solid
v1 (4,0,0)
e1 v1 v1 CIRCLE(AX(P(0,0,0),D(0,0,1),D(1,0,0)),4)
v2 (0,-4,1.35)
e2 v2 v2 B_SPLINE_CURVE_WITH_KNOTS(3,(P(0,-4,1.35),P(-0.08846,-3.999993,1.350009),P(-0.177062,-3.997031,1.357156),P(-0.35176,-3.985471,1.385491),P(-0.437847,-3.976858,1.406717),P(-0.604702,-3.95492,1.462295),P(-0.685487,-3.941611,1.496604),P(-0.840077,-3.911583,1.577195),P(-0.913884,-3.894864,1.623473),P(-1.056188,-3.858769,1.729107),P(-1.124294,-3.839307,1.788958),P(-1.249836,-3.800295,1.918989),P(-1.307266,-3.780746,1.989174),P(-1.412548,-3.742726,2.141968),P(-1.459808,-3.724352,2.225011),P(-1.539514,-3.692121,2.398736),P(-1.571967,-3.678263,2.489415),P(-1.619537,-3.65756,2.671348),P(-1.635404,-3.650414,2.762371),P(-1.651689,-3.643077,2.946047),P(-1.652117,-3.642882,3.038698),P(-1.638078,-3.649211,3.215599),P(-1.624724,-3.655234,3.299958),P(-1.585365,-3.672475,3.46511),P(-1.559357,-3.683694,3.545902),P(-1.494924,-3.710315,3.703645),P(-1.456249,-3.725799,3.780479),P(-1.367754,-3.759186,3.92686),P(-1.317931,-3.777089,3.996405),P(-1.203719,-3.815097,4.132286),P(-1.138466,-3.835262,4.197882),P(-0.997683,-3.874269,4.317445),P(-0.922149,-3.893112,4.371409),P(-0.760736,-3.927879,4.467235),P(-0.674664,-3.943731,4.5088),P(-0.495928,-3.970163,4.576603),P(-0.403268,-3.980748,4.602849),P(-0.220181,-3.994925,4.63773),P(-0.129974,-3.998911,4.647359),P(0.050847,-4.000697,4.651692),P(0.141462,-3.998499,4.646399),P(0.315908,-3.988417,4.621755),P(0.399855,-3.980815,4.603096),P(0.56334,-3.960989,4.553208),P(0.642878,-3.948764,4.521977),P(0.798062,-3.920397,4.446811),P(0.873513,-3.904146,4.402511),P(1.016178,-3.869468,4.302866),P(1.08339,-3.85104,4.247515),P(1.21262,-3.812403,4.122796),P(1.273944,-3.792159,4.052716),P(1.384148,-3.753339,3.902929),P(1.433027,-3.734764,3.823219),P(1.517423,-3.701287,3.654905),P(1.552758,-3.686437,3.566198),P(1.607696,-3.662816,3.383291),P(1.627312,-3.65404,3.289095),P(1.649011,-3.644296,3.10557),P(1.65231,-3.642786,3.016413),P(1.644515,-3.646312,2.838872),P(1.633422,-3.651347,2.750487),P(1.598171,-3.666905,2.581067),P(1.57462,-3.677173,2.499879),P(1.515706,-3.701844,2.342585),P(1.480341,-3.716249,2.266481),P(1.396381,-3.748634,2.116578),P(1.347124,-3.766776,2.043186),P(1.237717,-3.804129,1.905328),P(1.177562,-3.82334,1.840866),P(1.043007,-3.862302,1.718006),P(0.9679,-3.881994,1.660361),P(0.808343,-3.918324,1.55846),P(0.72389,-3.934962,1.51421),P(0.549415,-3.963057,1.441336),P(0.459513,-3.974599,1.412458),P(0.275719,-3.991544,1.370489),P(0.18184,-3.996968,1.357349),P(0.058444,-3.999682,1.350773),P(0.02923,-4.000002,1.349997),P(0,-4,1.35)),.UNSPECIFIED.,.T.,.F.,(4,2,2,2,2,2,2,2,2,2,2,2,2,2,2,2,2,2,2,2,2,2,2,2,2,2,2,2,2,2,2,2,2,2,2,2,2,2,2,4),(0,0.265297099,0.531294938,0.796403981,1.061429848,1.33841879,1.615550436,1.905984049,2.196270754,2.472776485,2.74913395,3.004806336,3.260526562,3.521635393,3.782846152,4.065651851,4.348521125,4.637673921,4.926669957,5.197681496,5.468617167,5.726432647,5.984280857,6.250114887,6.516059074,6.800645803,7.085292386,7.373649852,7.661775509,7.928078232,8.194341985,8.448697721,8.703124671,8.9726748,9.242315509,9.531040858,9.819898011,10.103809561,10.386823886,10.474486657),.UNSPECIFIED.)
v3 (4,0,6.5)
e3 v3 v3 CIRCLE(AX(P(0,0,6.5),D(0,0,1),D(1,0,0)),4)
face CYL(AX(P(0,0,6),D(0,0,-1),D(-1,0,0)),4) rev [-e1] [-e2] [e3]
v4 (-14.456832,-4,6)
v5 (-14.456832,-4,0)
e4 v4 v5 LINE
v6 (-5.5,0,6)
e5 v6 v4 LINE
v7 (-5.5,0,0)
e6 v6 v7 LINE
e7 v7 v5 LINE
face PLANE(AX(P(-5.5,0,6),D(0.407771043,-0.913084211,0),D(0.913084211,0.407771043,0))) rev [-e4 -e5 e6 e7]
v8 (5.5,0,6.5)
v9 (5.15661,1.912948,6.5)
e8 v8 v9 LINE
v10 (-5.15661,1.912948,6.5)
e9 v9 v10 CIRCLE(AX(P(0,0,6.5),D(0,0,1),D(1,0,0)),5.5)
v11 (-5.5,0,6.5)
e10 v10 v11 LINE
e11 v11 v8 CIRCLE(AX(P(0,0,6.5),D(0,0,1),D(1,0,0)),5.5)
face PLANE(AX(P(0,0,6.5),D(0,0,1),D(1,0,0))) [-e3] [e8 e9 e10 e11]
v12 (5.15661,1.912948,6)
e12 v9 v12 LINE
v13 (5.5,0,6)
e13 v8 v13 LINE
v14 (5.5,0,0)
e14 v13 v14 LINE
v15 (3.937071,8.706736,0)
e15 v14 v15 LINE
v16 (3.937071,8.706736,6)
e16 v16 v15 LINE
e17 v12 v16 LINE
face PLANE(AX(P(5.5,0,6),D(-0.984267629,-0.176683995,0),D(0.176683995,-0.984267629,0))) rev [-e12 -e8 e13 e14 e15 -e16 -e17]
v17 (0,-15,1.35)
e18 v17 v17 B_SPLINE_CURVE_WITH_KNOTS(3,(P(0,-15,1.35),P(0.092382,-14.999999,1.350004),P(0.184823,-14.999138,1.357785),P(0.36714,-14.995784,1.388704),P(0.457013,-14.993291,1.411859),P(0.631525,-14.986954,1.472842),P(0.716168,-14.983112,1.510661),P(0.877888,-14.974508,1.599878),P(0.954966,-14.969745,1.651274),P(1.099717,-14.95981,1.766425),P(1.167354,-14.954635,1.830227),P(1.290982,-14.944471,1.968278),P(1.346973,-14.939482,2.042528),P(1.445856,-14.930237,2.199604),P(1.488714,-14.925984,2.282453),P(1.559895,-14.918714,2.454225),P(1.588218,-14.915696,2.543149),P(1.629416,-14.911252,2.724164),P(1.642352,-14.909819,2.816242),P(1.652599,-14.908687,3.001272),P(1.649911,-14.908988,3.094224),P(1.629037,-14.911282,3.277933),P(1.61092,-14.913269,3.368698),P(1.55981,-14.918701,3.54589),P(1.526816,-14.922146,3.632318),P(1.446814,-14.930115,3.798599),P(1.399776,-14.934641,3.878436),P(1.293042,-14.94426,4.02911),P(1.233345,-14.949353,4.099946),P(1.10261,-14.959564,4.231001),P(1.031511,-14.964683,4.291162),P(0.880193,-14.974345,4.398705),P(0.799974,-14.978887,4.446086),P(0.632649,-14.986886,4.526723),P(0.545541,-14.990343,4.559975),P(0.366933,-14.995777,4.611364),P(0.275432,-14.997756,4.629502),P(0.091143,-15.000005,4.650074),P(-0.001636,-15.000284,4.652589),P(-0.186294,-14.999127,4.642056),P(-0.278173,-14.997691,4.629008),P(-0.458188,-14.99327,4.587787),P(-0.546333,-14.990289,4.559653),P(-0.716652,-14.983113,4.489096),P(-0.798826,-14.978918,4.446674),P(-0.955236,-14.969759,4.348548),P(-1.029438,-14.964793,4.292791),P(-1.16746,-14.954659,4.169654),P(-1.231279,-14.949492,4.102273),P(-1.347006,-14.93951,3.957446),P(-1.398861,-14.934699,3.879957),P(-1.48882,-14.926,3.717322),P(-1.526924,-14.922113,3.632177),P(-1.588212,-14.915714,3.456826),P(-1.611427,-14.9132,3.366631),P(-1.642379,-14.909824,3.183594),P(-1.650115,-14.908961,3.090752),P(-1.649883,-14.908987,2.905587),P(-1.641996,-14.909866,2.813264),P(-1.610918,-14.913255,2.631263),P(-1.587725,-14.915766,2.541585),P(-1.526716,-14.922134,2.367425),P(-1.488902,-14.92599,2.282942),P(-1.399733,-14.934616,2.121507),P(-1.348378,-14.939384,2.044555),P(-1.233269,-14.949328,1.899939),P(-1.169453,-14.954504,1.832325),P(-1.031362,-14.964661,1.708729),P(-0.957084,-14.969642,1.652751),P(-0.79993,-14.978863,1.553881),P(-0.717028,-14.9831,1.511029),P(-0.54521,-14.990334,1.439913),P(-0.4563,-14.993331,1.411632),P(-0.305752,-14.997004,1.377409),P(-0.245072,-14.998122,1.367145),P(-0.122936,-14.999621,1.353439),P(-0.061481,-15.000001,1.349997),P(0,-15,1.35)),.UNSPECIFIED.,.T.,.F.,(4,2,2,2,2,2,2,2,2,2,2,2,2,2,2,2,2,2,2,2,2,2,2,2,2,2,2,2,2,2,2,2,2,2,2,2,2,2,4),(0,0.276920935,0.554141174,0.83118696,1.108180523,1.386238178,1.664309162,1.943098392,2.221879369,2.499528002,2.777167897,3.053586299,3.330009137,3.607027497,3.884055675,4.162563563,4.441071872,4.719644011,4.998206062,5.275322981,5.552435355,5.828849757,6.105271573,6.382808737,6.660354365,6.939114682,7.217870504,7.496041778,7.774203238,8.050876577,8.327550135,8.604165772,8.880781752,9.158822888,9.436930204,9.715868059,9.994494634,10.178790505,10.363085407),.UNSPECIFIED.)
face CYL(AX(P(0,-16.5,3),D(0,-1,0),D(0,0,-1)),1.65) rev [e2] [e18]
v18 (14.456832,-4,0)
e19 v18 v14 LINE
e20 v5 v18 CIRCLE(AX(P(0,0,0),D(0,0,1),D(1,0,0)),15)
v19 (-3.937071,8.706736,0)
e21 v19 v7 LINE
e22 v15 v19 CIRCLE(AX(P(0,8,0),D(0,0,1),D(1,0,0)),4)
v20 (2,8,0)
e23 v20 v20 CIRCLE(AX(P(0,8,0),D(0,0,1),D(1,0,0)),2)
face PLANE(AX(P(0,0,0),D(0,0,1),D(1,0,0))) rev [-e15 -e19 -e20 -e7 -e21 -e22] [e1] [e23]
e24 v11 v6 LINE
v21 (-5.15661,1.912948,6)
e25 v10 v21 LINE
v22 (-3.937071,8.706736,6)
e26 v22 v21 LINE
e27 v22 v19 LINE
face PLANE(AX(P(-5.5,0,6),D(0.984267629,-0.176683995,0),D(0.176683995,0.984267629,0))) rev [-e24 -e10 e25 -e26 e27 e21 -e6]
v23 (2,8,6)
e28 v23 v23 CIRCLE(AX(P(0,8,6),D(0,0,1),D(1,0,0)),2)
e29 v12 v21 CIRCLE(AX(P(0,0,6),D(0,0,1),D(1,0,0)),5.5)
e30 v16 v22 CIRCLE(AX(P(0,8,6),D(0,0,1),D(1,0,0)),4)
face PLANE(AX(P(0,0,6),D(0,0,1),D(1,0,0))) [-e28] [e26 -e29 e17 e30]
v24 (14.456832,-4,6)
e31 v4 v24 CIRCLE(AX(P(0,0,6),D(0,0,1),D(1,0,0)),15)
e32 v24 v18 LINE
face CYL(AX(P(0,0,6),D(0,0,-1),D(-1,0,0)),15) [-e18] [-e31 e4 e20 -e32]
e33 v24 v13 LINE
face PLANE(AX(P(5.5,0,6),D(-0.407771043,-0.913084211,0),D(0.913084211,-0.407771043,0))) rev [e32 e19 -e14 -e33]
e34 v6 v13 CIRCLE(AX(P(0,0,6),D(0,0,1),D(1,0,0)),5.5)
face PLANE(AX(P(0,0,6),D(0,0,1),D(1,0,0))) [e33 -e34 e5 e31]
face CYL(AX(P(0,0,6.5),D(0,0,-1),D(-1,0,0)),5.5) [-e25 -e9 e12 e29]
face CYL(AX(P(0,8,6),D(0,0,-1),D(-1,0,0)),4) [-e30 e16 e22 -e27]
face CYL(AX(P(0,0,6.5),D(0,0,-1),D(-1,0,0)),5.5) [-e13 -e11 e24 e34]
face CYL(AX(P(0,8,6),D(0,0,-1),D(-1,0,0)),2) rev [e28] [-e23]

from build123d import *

# Parameters (mm, degrees)
SKETCH_1_R            = 4
SKETCH_1_R_2          = 2
EXTRUDE_1_DEPTH       = 6
SKETCH_2_R            = 4
EXTRUDE_2_DEPTH       = 0.5
SKETCH_5_R            = 2.747111961
EXTRUDE_3_DEPTH       = 6.5
HOLE_WIZARD_M41_D     = 3.3
HOLE_WIZARD_M41_DEPTH = 16.499
HOLE_WIZARD_M41_TIP   = 0.991420021
CUT_EXTRUDE_1_DEPTH   = 6.5


with BuildPart() as part:
    # Эскиз1 → Бобышка-Вытянуть1 (new body)
    with BuildSketch(Plane.XY):
        with BuildLine():
            Line((-5.5, 0), (-3.937070517, 8.70673598))
            ThreePointArc((-3.937070517, 8.70673598), (0, 12), (3.937070517, 8.70673598))
            Line((3.937070517, 8.70673598), (5.5, 0))
            Line((5.5, 0), (14.456832295, -4))
            ThreePointArc((14.456832295, -4), (0, -15), (-14.456832295, -4))
            Line((-14.456832295, -4), (-5.5, 0))
        make_face()
        Circle(SKETCH_1_R, mode=Mode.SUBTRACT)
        with Locations((0, 8)):
            Circle(SKETCH_1_R_2, mode=Mode.SUBTRACT)
    extrude(amount=EXTRUDE_1_DEPTH)

    # Эскиз2 → Бобышка-Вытянуть2 (add)
    with BuildSketch(Plane.XY.offset(6)):
        with BuildLine():
            Line((5.156610425, 1.912947706), (5.5, 0))
            ThreePointArc((5.5, 0), (0, -5.5), (-5.5, 0))
            Line((-5.5, 0), (-5.156610425, 1.912947706))
            ThreePointArc((-5.156610425, 1.912947706), (0, 5.5), (5.156610425, 1.912947706))
        make_face()
        Circle(SKETCH_2_R, mode=Mode.SUBTRACT)
    extrude(amount=EXTRUDE_2_DEPTH)

    # Эскиз5 → Бобышка-Вытянуть3 (add)
    with BuildSketch(Plane(origin=(0, -10, 0), x_dir=(1, 0, 0), z_dir=(0, 1, 0))):
        with Locations((0, -3)):
            Circle(SKETCH_5_R)
    extrude(amount=-EXTRUDE_3_DEPTH)

    # Отверстие обработанное метчиком M41
    with Locations(Plane(origin=(0, -16.5, 0), x_dir=(-1, 0, 0), z_dir=(0, -1, 0))):
        with Locations((0, -3)):
            Hole(HOLE_WIZARD_M41_D / 2, depth=HOLE_WIZARD_M41_DEPTH)
            with Locations((0, 0, -(HOLE_WIZARD_M41_DEPTH + HOLE_WIZARD_M41_TIP / 2))):  # 118° drill point
                Cone(0, HOLE_WIZARD_M41_D / 2, HOLE_WIZARD_M41_TIP, mode=Mode.SUBTRACT)

    # Эскиз8 → Вырез-Вытянуть1 (cut)
    with BuildSketch(Plane.XY.offset(6)):
        with BuildLine():
            Line((-5.46363589, -13.96956273), (-5.46363589, -17.421493936))
            ThreePointArc((-5.46363589, -17.421493936), (0, -18.258142515), (5.46363589, -17.421493936))
            Line((5.46363589, -17.421493936), (5.46363589, -13.96956273))
            ThreePointArc((5.46363589, -13.96956273), (0, -15), (-5.46363589, -13.96956273))
        make_face()
    extrude(amount=-CUT_EXTRUDE_1_DEPTH, mode=Mode.SUBTRACT)


solid = part.part
